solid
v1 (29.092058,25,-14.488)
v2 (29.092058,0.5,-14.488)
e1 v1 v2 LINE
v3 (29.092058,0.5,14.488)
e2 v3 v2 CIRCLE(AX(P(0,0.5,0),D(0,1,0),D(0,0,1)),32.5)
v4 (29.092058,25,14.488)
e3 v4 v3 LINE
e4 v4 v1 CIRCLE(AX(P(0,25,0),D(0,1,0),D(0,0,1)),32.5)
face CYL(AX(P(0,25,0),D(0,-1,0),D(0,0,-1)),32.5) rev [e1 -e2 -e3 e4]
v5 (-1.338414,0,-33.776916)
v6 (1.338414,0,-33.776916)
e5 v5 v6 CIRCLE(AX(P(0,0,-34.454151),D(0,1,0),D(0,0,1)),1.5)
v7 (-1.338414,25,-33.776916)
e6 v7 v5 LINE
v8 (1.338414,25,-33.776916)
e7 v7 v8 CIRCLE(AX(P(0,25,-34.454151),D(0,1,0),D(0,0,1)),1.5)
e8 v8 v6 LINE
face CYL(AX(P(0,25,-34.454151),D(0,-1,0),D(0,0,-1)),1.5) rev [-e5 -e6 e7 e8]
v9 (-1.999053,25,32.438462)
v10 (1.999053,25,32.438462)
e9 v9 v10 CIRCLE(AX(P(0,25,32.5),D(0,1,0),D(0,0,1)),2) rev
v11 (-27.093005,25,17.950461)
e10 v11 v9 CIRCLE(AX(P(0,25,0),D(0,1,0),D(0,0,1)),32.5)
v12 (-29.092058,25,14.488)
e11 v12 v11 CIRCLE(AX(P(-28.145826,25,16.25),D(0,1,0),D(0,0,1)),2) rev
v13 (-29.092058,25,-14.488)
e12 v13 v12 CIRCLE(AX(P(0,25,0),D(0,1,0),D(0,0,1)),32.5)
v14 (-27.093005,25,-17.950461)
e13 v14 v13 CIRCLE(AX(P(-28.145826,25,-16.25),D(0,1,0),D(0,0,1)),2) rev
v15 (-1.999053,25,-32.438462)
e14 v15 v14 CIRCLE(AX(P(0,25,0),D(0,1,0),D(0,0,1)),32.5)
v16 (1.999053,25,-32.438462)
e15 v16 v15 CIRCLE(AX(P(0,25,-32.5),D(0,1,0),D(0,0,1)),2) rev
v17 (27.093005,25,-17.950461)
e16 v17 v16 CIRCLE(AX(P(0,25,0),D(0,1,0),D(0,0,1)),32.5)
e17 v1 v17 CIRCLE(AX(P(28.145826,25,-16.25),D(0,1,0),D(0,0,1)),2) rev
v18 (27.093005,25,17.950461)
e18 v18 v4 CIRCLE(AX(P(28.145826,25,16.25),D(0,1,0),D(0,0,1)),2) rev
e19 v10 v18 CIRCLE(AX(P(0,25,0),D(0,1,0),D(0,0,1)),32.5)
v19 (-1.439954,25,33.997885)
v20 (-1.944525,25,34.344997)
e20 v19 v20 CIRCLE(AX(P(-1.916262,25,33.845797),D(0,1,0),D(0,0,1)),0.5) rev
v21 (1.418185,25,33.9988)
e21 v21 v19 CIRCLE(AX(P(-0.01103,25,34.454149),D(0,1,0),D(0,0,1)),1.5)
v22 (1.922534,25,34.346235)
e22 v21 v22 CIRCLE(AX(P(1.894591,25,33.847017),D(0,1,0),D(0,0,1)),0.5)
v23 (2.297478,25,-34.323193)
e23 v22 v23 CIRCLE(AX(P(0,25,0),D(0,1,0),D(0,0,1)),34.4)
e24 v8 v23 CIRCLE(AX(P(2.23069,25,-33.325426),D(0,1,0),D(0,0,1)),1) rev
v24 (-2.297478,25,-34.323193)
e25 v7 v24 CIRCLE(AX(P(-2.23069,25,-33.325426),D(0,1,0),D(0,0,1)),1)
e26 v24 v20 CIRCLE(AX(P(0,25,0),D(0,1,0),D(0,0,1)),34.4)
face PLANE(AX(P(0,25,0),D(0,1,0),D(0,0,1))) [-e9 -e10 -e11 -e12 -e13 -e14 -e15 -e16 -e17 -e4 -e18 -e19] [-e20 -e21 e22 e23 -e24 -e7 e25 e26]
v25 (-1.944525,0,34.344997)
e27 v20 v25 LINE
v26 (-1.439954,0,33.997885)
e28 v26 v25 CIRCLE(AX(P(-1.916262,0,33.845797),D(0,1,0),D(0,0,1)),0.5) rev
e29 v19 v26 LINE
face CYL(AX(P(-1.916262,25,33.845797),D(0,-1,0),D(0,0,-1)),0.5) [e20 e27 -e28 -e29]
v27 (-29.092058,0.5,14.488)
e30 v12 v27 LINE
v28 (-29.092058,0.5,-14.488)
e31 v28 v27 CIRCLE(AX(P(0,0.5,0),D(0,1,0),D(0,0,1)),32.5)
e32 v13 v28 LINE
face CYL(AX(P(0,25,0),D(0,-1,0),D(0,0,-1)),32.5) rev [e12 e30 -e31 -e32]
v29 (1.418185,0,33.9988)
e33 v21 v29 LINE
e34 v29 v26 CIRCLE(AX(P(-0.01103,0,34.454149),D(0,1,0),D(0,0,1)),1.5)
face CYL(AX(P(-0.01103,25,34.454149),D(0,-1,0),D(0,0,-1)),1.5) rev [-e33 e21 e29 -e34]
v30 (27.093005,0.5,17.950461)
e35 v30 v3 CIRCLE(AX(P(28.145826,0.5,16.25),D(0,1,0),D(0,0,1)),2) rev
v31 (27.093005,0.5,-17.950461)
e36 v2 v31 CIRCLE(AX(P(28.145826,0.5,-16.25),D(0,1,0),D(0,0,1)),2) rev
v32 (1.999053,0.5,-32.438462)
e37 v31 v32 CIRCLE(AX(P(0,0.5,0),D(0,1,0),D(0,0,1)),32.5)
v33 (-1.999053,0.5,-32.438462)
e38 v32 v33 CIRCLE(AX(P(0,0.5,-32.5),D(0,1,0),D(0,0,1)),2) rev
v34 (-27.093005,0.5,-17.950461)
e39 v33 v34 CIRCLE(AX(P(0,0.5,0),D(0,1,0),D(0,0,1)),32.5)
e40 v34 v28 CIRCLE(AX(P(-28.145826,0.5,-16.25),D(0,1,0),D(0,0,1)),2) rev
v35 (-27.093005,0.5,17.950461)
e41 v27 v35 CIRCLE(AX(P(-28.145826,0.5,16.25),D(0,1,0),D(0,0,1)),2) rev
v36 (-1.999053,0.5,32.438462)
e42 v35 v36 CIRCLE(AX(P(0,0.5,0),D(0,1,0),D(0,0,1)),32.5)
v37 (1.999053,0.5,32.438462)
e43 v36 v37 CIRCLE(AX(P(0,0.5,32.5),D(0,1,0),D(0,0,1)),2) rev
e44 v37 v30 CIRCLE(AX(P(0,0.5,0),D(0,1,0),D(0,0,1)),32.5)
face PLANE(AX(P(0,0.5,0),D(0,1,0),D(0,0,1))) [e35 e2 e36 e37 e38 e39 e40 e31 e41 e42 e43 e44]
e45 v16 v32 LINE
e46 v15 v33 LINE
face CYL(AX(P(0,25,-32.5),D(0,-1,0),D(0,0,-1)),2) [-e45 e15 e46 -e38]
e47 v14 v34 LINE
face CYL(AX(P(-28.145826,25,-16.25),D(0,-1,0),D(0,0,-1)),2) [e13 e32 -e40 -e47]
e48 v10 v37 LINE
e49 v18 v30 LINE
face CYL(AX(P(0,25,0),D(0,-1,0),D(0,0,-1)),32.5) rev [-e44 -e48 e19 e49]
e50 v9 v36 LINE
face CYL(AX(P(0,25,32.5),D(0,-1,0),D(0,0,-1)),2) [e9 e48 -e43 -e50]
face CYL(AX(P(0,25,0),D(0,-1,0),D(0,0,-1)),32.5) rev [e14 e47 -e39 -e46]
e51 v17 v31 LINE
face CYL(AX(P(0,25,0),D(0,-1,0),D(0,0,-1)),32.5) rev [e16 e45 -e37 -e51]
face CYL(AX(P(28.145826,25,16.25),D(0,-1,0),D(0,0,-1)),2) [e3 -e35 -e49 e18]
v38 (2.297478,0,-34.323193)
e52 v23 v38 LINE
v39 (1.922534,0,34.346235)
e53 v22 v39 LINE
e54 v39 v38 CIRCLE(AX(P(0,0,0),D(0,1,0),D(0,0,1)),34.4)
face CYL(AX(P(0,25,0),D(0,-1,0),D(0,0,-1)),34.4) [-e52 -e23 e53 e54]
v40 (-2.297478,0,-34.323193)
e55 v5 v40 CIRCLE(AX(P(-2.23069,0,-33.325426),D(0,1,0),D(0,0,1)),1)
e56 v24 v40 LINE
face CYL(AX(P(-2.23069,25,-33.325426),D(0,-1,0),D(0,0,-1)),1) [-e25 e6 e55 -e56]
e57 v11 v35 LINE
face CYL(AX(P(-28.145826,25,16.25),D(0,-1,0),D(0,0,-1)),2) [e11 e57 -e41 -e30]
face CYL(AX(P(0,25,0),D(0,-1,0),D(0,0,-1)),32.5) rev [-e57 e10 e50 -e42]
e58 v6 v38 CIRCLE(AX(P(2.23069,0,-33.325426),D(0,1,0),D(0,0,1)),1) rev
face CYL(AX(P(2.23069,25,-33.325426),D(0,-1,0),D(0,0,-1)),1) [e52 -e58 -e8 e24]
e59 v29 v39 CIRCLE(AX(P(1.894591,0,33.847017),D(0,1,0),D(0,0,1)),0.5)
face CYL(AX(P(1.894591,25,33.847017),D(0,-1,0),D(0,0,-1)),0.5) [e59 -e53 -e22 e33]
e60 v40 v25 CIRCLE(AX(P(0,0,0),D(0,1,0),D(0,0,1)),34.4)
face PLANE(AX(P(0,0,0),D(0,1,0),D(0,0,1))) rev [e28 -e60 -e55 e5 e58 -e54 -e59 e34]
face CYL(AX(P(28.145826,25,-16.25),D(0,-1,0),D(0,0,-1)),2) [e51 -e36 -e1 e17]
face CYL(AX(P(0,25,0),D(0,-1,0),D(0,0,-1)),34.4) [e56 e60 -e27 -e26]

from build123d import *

# Parameters (mm, degrees)
BOSS_EXTRUDE1_DEPTH = 25
CUT_EXTRUDE2_DEPTH  = 26
BOSS_EXTRUDE2_DEPTH = 0.5


with BuildPart() as part:
    # Sketch1 → Boss-Extrude1 (new body)
    with BuildSketch(Plane(origin=(0, 0, 0), x_dir=(1, 0, 0), z_dir=(0, 1, 0))):
        with BuildLine():
            ThreePointArc((1.418185365, -33.998799682), (1.610940688, -34.258772233), (1.922534331, -34.346235045))
            ThreePointArc((1.922534331, -34.346235045), (34.399487229, -0.187825316), (2.297477624, 34.323193275))
            ThreePointArc((2.297477624, 34.323193275), (1.735753357, 34.194354817), (1.33841429, 33.776916))
            ThreePointArc((1.33841429, 33.776916), (0, 32.954150957), (-1.33841429, 33.776916))
            ThreePointArc((-1.33841429, 33.776916), (-1.735753357, 34.194354817), (-2.297477624, 34.323193275))
            ThreePointArc((-2.297477624, 34.323193275), (-34.399545597, -0.176812713), (-1.944525024, -34.344997051))
            ThreePointArc((-1.944525024, -34.344997051), (-1.632875445, -34.257733763), (-1.439953708, -33.997884682))
            ThreePointArc((-1.439953708, -33.997884682), (-0.010549885, -32.954149268), (1.418185365, -33.998799682))
        make_face()
        with BuildLine():
            Line((-2.417, 3.18717916), (0, 3.18717916))
            Line((0, 3.18717916), (2.417, 3.18717916))
            ThreePointArc((2.417, 3.18717916), (0, -4), (-2.417, 3.18717916))
        make_face(mode=Mode.SUBTRACT)
    extrude(amount=BOSS_EXTRUDE1_DEPTH)

    # Sketch2 → Cut-Extrude2 (cut, through all)
    with BuildSketch(Plane(origin=(0, 0, 0), x_dir=(1, 0, 0), z_dir=(0, 1, 0))):
        with BuildLine():
            ThreePointArc((1.99905303, 32.438461538), (0, 30.5), (-1.99905303, 32.438461538))
            ThreePointArc((-1.99905303, 32.438461538), (-16.25, 28.145825623), (-27.093005237, 17.950461477))
            ThreePointArc((-27.093005237, 17.950461477), (-26.413774815, 15.25), (-29.092058267, 14.488000062))
            ThreePointArc((-29.092058267, 14.488000062), (-32.5, 0), (-29.092058267, -14.488000062))
            ThreePointArc((-29.092058267, -14.488000062), (-26.413774815, -15.25), (-27.093005237, -17.950461477))
            ThreePointArc((-27.093005237, -17.950461477), (-16.25, -28.145825623), (-1.99905303, -32.438461538))
            ThreePointArc((-1.99905303, -32.438461538), (0, -30.5), (1.99905303, -32.438461538))
            ThreePointArc((1.99905303, -32.438461538), (16.25, -28.145825623), (27.093005237, -17.950461477))
            ThreePointArc((27.093005237, -17.950461477), (26.413774815, -15.25), (29.092058267, -14.488000062))
            ThreePointArc((29.092058267, -14.488000062), (32.5, 0), (29.092058267, 14.488000062))
            ThreePointArc((29.092058267, 14.488000062), (26.413774815, 15.25), (27.093005237, 17.950461477))
            ThreePointArc((27.093005237, 17.950461477), (16.25, 28.145825623), (1.99905303, 32.438461538))
        make_face()
    extrude(amount=CUT_EXTRUDE2_DEPTH, mode=Mode.SUBTRACT)

    # Sketch2<2> → Boss-Extrude2 (add)
    with BuildSketch(Plane(origin=(0, 0, 0), x_dir=(1, 0, 0), z_dir=(0, 1, 0))):
        with BuildLine():
            ThreePointArc((1.99905303, 32.438461538), (0, 30.5), (-1.99905303, 32.438461538))
            ThreePointArc((-1.99905303, 32.438461538), (-16.25, 28.145825623), (-27.093005237, 17.950461477))
            ThreePointArc((-27.093005237, 17.950461477), (-26.413774815, 15.25), (-29.092058267, 14.488000062))
            ThreePointArc((-29.092058267, 14.488000062), (-32.5, 0), (-29.092058267, -14.488000062))
            ThreePointArc((-29.092058267, -14.488000062), (-26.413774815, -15.25), (-27.093005237, -17.950461477))
            ThreePointArc((-27.093005237, -17.950461477), (-16.25, -28.145825623), (-1.99905303, -32.438461538))
            ThreePointArc((-1.99905303, -32.438461538), (0, -30.5), (1.99905303, -32.438461538))
            ThreePointArc((1.99905303, -32.438461538), (16.25, -28.145825623), (27.093005237, -17.950461477))
            ThreePointArc((27.093005237, -17.950461477), (26.413774815, -15.25), (29.092058267, -14.488000062))
            ThreePointArc((29.092058267, -14.488000062), (32.5, 0), (29.092058267, 14.488000062))
            ThreePointArc((29.092058267, 14.488000062), (26.413774815, 15.25), (27.093005237, 17.950461477))
            ThreePointArc((27.093005237, 17.950461477), (16.25, 28.145825623), (1.99905303, 32.438461538))
        make_face()
    extrude(amount=BOSS_EXTRUDE2_DEPTH)


solid = part.part
